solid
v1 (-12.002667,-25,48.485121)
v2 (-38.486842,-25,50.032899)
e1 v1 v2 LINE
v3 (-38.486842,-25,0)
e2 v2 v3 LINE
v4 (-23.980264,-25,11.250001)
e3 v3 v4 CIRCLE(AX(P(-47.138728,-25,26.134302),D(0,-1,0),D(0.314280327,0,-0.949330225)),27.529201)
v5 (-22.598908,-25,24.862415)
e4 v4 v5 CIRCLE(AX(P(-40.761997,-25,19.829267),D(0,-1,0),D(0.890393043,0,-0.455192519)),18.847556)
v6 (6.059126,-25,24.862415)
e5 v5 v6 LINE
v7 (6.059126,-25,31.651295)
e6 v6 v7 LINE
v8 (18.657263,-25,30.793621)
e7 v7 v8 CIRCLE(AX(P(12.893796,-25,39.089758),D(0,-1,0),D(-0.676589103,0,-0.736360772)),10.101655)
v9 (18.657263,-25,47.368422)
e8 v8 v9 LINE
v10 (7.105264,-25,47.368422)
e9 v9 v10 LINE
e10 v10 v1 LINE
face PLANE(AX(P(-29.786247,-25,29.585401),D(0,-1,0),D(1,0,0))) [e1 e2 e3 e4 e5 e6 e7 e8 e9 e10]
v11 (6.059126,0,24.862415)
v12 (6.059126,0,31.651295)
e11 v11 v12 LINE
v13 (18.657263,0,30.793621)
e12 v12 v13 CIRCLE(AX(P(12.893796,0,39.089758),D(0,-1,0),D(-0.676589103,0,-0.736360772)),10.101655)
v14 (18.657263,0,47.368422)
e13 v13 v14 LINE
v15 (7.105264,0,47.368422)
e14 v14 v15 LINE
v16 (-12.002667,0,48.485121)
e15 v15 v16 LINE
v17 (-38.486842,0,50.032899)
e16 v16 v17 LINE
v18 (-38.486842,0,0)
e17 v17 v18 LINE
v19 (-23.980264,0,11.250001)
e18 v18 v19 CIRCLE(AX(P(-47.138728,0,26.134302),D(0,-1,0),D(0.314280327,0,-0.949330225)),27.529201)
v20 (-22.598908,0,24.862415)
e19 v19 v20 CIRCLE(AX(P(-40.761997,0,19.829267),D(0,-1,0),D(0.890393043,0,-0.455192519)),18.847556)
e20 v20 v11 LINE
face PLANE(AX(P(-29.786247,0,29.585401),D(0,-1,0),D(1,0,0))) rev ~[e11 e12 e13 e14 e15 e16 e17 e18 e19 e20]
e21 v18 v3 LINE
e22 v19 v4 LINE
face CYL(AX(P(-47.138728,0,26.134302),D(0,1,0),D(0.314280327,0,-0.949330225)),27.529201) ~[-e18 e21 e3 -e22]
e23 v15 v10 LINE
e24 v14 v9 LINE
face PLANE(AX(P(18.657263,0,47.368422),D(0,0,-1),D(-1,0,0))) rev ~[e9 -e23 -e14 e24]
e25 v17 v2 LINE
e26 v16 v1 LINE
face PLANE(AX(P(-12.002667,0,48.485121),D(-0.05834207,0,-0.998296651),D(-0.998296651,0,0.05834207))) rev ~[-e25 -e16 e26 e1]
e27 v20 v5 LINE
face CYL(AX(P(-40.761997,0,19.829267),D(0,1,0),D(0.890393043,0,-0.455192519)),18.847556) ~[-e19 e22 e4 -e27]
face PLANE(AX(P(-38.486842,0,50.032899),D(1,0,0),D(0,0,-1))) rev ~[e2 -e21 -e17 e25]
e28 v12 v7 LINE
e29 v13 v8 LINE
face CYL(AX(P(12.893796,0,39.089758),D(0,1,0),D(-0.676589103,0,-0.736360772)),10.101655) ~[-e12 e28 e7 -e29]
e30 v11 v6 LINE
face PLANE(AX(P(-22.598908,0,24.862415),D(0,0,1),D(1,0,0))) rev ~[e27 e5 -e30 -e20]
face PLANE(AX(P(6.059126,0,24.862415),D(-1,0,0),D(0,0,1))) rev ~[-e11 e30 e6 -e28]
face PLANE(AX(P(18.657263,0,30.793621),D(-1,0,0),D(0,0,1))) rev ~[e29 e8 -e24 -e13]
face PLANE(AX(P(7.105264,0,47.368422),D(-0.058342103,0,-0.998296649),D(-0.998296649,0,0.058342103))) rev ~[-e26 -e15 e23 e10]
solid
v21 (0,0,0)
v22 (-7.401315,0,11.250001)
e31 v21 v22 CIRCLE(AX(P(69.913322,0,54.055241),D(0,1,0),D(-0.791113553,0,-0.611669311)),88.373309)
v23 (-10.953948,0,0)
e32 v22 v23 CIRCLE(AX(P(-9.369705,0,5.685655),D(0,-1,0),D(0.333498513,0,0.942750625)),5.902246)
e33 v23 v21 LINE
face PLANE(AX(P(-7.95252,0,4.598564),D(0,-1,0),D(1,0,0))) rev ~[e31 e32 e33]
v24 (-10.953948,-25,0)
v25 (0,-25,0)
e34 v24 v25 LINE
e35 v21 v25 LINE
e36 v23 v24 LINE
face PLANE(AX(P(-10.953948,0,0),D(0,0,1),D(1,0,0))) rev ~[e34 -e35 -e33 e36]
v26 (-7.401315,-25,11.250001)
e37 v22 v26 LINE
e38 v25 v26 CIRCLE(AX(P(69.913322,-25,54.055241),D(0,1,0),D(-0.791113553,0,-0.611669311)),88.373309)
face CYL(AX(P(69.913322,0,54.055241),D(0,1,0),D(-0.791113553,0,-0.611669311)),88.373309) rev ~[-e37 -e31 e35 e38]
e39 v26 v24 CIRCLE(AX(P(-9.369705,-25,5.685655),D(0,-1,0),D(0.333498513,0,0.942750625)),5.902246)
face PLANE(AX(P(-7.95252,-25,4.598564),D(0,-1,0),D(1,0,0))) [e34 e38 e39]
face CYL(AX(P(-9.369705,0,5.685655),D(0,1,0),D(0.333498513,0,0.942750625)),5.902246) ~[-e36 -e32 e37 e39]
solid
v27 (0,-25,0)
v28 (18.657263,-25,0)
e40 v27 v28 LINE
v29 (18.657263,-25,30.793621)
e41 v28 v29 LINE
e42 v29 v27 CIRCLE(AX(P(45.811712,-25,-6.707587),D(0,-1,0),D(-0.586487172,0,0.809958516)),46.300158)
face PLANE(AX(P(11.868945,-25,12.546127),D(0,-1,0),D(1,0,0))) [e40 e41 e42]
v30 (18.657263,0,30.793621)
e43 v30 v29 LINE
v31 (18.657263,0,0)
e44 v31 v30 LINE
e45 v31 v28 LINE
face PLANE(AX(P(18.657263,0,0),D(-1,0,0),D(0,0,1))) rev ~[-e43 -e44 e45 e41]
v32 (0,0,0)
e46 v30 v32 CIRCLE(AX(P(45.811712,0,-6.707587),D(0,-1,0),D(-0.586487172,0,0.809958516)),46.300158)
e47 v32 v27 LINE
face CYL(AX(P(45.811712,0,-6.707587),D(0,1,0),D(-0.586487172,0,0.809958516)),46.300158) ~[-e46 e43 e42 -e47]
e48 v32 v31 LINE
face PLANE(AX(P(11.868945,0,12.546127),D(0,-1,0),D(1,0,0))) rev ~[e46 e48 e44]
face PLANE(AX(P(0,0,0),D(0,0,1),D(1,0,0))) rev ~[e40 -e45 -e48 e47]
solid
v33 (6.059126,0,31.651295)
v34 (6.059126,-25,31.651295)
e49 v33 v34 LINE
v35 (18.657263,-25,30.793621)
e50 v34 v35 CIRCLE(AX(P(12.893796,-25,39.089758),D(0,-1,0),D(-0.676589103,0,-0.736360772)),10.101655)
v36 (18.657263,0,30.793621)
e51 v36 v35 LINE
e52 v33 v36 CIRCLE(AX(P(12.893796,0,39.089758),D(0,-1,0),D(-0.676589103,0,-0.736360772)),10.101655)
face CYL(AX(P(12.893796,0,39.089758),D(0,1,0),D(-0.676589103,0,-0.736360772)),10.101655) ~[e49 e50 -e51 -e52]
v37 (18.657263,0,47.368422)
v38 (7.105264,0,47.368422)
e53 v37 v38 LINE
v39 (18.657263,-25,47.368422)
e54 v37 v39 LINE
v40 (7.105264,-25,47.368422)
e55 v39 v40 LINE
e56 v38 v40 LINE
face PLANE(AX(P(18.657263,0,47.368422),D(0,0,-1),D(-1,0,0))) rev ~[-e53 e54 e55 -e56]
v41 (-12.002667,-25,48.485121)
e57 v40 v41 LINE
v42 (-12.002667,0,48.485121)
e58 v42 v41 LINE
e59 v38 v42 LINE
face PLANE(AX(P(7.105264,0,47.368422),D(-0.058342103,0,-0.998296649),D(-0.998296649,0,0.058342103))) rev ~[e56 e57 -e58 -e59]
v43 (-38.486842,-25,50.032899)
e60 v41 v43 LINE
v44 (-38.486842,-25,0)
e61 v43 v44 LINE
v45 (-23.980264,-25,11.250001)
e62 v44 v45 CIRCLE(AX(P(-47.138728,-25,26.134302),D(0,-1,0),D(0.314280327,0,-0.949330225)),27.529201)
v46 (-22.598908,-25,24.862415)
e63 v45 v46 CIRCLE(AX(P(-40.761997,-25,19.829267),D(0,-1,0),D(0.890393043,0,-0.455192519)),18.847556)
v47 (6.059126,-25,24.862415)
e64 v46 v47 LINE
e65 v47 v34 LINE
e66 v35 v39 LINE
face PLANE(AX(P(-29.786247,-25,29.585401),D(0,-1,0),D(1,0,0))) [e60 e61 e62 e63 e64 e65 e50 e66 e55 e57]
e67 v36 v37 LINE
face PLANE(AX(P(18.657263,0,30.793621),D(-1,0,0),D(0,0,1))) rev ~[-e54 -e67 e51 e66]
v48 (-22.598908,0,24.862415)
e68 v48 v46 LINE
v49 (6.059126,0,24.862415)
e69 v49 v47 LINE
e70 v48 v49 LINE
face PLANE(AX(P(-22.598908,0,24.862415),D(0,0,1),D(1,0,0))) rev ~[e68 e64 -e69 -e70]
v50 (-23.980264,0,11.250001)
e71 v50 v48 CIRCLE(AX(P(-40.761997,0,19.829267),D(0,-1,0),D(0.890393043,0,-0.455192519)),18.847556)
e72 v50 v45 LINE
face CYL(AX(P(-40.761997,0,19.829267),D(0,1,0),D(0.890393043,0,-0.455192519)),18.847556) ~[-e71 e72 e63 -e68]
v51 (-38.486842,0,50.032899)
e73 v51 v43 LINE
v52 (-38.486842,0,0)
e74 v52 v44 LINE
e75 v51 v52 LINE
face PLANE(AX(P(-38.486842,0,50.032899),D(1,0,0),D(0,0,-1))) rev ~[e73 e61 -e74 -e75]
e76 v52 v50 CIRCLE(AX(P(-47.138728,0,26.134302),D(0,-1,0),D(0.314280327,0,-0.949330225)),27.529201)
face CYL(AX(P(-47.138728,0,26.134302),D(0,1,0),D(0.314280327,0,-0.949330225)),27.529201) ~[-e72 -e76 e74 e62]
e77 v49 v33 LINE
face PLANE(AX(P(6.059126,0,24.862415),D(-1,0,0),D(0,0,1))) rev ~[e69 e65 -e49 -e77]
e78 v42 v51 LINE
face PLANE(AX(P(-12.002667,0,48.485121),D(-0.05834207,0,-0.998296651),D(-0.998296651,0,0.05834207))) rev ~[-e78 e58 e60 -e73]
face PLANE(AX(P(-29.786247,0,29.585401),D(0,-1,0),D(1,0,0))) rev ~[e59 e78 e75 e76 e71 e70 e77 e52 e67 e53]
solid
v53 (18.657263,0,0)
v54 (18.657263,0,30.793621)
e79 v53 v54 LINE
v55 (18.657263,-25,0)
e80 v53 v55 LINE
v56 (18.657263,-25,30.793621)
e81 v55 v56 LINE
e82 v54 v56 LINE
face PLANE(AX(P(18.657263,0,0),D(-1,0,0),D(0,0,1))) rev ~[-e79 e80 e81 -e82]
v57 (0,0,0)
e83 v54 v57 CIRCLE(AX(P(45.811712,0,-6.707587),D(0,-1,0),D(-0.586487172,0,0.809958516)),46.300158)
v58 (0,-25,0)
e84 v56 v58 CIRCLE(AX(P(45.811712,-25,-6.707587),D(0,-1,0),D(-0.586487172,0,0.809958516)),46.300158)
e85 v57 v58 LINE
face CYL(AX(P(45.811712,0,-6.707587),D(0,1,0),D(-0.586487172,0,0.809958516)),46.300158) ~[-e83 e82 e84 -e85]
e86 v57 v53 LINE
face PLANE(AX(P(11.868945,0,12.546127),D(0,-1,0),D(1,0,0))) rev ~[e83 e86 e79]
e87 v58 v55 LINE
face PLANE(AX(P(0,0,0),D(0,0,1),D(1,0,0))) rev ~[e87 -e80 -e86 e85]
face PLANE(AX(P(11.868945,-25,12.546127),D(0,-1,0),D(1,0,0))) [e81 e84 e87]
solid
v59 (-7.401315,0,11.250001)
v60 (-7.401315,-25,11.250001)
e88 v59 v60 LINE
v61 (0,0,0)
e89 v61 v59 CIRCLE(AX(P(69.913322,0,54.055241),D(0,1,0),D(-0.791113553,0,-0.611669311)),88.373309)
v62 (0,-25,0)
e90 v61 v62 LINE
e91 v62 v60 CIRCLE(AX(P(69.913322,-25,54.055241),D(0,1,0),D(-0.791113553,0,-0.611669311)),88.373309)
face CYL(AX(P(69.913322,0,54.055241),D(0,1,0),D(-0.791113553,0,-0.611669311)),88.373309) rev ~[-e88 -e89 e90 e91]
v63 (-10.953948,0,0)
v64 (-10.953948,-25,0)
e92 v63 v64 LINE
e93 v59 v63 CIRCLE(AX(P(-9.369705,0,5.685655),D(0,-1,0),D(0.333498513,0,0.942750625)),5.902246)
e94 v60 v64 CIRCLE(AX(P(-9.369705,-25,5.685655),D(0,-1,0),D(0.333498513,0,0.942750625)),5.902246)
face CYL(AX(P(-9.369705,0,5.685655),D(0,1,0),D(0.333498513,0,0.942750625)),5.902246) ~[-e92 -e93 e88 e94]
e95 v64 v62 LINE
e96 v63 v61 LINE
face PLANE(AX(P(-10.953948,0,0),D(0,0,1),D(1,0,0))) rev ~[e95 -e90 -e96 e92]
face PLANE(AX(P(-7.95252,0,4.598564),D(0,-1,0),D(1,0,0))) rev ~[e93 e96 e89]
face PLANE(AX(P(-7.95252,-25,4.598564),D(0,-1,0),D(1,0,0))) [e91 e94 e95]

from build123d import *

# Parameters (mm, degrees)
F0_W     = 28.658034
F0_H     = 6.78888
F1_DEPTH = 25
F2_DEPTH = 25


with BuildPart() as f1:
    # F0 (on Front) → F1 (new body)
    with BuildSketch(Plane.XZ):
        with BuildLine():
            Line((-12.002667, 48.485121), (-38.486842, 50.032899))
            Line((-38.486842, 50.032899), (-38.486842, 0))
            ThreePointArc((-38.486842, 0), (-30.268185, 4.380184), (-23.980264, 11.250001))
            ThreePointArc((-23.980264, 11.250001), (-22.010741, 17.926434), (-22.598908, 24.862415))
            ThreePointArc((-22.598908, 24.862415), (-25.664537, 31.111871), (-30.789474, 35.822369))
            ThreePointArc((-30.789474, 35.822369), (-22.52899, 43.834576), (-12.002667, 48.485121))
        make_face()
        with BuildLine():
            Line((-10.953948, 0), (0, 0))
            ThreePointArc((0, 0), (-3.915254, 5.483819), (-7.401315, 11.250001))
            ThreePointArc((-7.401315, 11.250001), (-14.997984, 7.463007), (-10.953948, 0))
        make_face()
        with BuildLine():
            Line((18.657263, 0), (18.657263, 30.793621))
            ThreePointArc((18.657263, 30.793621), (6.212761, 17.284657), (0, 0))
            Line((0, 0), (18.657263, 0))
        make_face()
        with BuildLine():
            Line((7.105264, 47.368422), (-12.002667, 48.485121))
            ThreePointArc((-12.002667, 48.485121), (-22.52899, 43.834576), (-30.789474, 35.822369))
            ThreePointArc((-30.789474, 35.822369), (-25.664537, 31.111871), (-22.598908, 24.862415))
            Line((-22.598908, 24.862415), (-22.598908, 31.651295))
            Line((-22.598908, 31.651295), (6.059126, 31.651295))
            ThreePointArc((6.059126, 31.651295), (2.814444, 39.760642), (7.105264, 47.368422))
        make_face()
        with BuildLine():
            Line((18.657263, 47.368422), (7.105264, 47.368422))
            ThreePointArc((7.105264, 47.368422), (2.814444, 39.760642), (6.059126, 31.651295))
            ThreePointArc((6.059126, 31.651295), (12.207669, 29.011431), (18.657263, 30.793621))
            Line((18.657263, 30.793621), (18.657263, 47.368422))
        make_face()
        with Locations((-8.269891, 28.256855)):
            Rectangle(F0_W, F0_H)
    extrude(amount=F1_DEPTH)


with BuildPart() as f2:
    # F0 (on Front) → F2 (new body)
    with BuildSketch(Plane.XZ):
        with BuildLine():
            Line((-12.002667, 48.485121), (-38.486842, 50.032899))
            Line((-38.486842, 50.032899), (-38.486842, 0))
            ThreePointArc((-38.486842, 0), (-30.268185, 4.380184), (-23.980264, 11.250001))
            ThreePointArc((-23.980264, 11.250001), (-22.010741, 17.926434), (-22.598908, 24.862415))
            ThreePointArc((-22.598908, 24.862415), (-25.664537, 31.111871), (-30.789474, 35.822369))
            ThreePointArc((-30.789474, 35.822369), (-22.52899, 43.834576), (-12.002667, 48.485121))
        make_face()
        with BuildLine():
            Line((-10.953948, 0), (0, 0))
            ThreePointArc((0, 0), (-3.915254, 5.483819), (-7.401315, 11.250001))
            ThreePointArc((-7.401315, 11.250001), (-14.997984, 7.463007), (-10.953948, 0))
        make_face()
        with BuildLine():
            Line((18.657263, 0), (18.657263, 30.793621))
            ThreePointArc((18.657263, 30.793621), (6.212761, 17.284657), (0, 0))
            Line((0, 0), (18.657263, 0))
        make_face()
        with BuildLine():
            Line((7.105264, 47.368422), (-12.002667, 48.485121))
            ThreePointArc((-12.002667, 48.485121), (-22.52899, 43.834576), (-30.789474, 35.822369))
            ThreePointArc((-30.789474, 35.822369), (-25.664537, 31.111871), (-22.598908, 24.862415))
            Line((-22.598908, 24.862415), (-22.598908, 31.651295))
            Line((-22.598908, 31.651295), (6.059126, 31.651295))
            ThreePointArc((6.059126, 31.651295), (2.814444, 39.760642), (7.105264, 47.368422))
        make_face()
        with BuildLine():
            Line((18.657263, 47.368422), (7.105264, 47.368422))
            ThreePointArc((7.105264, 47.368422), (2.814444, 39.760642), (6.059126, 31.651295))
            ThreePointArc((6.059126, 31.651295), (12.207669, 29.011431), (18.657263, 30.793621))
            Line((18.657263, 30.793621), (18.657263, 47.368422))
        make_face()
        with Locations((-8.269891, 28.256855)):
            Rectangle(F0_W, F0_H)
    extrude(amount=F2_DEPTH)


solid = Compound([f1.part, f2.part])
